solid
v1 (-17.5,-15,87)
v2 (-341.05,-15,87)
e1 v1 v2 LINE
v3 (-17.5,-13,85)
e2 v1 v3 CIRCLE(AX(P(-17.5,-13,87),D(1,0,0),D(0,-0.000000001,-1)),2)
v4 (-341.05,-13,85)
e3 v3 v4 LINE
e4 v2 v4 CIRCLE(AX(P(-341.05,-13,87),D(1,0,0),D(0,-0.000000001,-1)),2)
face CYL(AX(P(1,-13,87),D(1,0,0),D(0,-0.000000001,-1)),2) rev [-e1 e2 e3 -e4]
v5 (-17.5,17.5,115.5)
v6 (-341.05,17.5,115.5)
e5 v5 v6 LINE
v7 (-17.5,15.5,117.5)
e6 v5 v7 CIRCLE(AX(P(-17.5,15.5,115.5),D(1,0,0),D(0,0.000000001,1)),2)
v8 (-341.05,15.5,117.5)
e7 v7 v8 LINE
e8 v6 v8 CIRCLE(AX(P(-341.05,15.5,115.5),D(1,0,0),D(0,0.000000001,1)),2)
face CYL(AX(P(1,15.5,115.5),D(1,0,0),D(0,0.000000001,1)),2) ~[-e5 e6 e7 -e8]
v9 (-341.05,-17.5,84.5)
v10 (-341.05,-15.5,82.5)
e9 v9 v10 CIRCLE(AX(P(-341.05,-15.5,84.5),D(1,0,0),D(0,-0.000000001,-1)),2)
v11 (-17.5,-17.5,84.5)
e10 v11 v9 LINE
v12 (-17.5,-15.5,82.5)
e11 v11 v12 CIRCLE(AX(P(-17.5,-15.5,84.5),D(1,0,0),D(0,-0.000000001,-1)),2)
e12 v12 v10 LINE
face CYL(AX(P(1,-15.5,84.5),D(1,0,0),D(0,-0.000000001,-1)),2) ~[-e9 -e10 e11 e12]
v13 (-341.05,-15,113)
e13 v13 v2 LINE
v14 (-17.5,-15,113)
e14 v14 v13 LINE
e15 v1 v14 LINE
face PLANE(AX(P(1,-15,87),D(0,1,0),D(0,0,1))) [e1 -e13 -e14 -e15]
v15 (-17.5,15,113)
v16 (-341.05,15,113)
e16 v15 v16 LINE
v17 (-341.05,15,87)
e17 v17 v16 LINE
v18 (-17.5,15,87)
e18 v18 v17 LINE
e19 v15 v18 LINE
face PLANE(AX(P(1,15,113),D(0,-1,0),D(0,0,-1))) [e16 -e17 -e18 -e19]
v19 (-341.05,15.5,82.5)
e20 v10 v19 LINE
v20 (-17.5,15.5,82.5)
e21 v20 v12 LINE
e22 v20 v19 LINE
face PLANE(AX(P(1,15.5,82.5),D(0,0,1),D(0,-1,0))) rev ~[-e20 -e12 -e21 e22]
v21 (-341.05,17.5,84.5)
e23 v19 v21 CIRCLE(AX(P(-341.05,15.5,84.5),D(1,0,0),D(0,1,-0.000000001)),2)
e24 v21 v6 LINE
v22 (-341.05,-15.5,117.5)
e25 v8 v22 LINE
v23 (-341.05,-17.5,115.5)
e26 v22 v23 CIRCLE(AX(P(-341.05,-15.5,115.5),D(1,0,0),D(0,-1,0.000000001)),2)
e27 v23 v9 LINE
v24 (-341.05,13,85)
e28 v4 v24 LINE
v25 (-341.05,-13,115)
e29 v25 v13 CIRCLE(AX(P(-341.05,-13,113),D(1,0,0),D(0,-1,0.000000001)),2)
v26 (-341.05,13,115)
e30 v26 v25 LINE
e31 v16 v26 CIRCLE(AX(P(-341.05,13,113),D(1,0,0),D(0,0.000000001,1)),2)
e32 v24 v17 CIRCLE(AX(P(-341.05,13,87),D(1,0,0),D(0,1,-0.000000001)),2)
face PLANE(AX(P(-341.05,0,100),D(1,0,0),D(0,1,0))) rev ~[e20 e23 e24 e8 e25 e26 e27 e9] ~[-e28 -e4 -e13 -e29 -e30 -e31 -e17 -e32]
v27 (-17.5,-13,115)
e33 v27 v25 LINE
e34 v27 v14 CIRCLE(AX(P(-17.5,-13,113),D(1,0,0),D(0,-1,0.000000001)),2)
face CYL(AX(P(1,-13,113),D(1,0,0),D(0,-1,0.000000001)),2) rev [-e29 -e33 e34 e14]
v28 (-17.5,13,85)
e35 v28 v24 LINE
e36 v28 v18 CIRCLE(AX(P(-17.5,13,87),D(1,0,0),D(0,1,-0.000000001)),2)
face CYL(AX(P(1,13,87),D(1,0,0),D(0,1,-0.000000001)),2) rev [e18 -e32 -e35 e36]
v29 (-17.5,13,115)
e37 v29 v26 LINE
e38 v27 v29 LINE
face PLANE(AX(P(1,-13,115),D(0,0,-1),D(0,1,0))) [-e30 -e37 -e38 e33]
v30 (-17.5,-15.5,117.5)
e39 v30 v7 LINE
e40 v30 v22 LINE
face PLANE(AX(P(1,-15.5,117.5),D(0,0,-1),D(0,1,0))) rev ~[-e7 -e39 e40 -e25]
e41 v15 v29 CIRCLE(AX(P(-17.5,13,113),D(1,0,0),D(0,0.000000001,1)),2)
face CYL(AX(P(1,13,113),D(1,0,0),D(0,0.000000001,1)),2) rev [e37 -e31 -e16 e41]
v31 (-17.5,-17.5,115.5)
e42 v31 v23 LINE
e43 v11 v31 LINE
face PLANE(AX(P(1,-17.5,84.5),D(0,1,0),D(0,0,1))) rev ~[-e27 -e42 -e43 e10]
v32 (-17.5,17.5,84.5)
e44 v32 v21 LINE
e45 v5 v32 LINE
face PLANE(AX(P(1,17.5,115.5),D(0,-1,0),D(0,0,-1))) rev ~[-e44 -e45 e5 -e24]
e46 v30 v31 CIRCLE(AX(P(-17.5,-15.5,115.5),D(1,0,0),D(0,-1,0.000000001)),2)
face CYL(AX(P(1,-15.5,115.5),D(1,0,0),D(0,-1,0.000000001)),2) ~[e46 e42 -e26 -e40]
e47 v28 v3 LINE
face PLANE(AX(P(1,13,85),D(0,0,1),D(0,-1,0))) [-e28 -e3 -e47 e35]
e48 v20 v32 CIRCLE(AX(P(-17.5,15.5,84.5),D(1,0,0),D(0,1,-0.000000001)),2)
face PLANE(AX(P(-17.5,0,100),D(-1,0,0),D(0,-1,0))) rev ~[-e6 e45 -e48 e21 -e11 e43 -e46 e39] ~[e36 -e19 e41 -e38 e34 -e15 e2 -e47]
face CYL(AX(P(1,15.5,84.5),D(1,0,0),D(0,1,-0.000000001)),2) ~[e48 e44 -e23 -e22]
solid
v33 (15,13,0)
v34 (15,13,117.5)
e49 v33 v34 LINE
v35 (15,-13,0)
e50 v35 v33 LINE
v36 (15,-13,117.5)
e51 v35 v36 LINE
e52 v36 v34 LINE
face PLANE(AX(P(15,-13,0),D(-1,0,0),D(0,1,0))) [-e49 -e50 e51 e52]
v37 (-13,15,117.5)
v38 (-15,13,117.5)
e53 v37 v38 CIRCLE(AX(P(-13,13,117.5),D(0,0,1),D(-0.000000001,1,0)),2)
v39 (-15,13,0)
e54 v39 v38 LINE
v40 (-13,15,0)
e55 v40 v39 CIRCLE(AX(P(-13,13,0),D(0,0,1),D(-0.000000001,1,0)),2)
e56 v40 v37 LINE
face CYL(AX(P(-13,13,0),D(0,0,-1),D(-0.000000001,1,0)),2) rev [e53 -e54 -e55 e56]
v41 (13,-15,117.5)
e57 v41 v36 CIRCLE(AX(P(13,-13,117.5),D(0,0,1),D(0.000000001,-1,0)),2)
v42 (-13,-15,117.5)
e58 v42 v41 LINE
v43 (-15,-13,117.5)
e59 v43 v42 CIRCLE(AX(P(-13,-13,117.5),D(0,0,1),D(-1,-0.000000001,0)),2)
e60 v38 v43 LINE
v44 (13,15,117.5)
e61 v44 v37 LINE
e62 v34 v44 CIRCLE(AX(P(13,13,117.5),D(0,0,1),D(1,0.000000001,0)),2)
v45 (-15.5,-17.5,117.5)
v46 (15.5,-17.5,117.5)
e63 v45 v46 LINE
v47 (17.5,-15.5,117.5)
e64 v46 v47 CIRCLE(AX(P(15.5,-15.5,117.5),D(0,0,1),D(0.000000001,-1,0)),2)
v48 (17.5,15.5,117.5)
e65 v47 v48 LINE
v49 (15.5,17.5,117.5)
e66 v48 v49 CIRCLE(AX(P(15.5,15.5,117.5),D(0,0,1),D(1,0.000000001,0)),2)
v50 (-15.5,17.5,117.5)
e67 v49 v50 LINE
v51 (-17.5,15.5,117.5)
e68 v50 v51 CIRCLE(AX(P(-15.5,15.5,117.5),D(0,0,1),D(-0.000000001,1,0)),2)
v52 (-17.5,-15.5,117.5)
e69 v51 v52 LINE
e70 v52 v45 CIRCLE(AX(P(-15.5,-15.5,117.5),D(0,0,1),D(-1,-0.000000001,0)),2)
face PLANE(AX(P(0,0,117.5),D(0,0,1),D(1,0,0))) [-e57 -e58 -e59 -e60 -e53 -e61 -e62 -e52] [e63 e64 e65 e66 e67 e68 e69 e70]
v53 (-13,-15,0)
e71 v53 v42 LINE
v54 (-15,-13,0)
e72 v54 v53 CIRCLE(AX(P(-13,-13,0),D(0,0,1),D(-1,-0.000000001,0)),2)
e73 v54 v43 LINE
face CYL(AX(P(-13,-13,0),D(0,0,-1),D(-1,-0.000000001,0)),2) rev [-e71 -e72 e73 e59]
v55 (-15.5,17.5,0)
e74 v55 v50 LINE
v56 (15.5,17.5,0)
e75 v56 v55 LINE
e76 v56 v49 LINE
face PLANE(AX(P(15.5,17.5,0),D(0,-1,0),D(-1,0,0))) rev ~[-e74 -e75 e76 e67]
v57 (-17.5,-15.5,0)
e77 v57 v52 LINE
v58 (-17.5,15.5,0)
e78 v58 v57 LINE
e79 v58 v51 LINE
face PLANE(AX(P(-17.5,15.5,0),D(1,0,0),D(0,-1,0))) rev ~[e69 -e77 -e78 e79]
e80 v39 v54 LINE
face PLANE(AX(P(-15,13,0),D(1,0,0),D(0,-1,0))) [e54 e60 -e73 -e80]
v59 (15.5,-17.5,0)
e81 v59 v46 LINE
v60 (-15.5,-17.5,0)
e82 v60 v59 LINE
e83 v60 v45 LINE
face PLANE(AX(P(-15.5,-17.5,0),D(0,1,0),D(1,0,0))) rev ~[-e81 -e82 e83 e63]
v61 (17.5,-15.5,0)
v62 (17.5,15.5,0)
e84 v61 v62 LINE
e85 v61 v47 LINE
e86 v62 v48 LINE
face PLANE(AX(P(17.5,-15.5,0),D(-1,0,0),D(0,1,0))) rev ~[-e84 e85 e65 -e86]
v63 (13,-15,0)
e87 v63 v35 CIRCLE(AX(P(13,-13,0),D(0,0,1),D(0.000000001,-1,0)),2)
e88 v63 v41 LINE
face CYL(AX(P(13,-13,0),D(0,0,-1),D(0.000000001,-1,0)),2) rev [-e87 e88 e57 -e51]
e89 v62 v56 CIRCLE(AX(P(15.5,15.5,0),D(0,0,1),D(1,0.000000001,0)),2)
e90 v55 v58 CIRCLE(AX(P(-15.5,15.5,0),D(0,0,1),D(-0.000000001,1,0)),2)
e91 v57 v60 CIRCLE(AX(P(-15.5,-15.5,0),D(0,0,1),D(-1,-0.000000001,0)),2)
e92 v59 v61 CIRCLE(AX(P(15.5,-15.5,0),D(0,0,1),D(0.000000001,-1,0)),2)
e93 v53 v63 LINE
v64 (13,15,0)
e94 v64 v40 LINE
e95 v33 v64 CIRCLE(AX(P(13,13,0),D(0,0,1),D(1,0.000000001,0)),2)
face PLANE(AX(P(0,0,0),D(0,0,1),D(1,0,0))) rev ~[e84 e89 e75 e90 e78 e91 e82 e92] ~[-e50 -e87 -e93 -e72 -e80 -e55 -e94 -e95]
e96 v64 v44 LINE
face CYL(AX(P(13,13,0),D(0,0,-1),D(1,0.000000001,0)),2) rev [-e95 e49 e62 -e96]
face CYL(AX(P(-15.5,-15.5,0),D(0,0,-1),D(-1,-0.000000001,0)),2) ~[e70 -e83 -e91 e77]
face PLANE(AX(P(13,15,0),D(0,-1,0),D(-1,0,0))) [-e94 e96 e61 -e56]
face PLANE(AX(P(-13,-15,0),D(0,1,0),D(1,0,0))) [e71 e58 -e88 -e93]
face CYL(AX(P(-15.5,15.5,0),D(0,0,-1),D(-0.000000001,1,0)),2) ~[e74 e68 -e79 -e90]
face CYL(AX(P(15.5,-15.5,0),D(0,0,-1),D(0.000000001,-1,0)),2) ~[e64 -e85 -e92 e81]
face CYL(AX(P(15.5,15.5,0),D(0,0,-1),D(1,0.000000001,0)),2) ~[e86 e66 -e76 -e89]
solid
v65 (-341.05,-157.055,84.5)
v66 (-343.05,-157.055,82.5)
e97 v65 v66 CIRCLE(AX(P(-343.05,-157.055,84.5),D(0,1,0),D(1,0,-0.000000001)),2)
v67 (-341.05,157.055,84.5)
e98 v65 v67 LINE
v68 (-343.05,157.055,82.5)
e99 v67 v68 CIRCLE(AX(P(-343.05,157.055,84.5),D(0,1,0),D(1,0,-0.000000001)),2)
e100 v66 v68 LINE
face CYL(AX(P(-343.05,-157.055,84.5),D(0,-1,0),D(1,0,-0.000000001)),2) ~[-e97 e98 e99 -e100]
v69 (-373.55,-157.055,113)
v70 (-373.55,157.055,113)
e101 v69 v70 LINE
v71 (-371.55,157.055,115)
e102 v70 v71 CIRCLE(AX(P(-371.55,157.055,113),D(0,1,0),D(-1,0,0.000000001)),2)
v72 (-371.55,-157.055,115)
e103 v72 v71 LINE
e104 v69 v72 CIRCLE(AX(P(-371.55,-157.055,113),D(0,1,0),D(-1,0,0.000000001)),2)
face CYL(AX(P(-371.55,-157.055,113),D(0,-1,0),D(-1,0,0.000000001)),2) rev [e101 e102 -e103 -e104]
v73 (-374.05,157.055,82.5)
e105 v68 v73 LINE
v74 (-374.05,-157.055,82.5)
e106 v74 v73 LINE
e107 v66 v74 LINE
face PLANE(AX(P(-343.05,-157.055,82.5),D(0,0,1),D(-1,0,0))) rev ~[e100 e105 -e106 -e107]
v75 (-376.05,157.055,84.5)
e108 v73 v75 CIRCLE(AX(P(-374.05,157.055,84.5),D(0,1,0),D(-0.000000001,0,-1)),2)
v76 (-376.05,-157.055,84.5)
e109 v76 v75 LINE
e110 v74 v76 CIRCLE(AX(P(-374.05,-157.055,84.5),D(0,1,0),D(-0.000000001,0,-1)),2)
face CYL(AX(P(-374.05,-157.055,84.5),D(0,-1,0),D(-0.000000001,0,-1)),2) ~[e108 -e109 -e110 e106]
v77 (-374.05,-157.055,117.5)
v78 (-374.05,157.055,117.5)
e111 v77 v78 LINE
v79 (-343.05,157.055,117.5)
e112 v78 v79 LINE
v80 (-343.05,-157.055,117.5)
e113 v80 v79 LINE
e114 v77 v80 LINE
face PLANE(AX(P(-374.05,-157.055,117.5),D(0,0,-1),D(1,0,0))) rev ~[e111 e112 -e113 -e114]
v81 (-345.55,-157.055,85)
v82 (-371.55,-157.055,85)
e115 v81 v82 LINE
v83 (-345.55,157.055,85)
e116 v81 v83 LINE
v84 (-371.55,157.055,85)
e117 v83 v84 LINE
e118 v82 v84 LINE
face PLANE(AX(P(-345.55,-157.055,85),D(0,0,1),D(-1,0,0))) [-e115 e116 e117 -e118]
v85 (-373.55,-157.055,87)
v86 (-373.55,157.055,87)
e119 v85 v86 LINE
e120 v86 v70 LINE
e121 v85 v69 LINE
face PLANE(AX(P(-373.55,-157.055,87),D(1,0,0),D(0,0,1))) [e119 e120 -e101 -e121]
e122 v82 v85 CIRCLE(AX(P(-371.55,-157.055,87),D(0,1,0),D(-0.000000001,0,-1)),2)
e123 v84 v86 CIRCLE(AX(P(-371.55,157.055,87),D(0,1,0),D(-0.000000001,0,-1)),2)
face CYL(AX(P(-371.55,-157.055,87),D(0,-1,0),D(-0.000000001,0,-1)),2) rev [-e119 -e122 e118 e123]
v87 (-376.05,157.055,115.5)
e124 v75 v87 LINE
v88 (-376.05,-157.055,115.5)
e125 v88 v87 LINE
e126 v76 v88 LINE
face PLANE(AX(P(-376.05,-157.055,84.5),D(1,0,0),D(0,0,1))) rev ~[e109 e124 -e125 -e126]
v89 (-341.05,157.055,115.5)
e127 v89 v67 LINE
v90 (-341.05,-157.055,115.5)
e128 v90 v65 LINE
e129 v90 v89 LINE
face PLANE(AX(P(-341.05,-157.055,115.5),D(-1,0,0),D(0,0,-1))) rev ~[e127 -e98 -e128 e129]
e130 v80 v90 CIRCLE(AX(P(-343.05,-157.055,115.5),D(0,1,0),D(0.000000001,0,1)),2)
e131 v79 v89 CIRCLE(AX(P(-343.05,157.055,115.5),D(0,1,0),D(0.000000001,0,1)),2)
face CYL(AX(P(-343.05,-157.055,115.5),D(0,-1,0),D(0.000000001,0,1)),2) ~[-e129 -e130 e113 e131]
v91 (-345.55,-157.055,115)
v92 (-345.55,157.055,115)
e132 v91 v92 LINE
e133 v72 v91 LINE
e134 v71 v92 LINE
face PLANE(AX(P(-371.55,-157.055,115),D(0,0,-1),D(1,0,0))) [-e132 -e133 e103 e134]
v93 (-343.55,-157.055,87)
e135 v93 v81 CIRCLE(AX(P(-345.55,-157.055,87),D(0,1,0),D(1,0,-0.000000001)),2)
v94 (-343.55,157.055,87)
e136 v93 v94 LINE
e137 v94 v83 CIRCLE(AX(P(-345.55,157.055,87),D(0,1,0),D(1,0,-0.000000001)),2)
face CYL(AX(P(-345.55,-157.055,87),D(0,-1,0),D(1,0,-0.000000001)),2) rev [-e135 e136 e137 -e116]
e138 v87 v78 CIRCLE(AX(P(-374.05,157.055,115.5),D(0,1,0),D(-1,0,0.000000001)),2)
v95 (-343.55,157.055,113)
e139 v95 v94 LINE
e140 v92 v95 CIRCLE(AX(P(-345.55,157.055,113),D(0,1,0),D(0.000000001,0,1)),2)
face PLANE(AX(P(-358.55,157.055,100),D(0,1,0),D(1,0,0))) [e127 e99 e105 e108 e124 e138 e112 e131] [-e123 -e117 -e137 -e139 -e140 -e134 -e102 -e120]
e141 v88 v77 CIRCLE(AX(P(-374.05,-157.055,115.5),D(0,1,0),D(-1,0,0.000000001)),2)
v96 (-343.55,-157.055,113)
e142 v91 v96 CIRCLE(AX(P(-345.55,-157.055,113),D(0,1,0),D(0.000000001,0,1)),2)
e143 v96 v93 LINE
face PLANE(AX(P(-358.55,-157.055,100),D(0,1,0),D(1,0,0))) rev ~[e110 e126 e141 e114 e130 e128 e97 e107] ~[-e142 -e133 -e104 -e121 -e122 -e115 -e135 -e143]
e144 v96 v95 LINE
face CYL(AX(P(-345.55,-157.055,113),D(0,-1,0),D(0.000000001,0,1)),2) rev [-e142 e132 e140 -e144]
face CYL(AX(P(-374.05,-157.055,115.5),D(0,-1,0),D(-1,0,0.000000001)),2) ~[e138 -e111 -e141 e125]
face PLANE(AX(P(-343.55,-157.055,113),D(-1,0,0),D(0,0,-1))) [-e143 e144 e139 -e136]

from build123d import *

# Parameters (mm, degrees)
CUSTOM_TUBE_CARRE_35_2_5_1_DEPTH   = 117.5
CUSTOM_TUBE_CARRE_35_2_5_1_2_DEPTH = 360.55
CUSTOM_TUBE_CARRE_35_2_5_1_3_DEPTH = 314.11


with BuildPart() as part:
    # Esquisse1 → Custom TUBE-CARRE-35-2.5(1) (new body)
    with BuildSketch(Plane.XY):
        with BuildLine():
            Line((-15.5, -17.5), (15.5, -17.5))
            ThreePointArc((15.5, -17.5), (16.914213562, -16.914213562), (17.5, -15.5))
            Line((17.5, -15.5), (17.5, 15.5))
            ThreePointArc((17.5, 15.5), (16.914213562, 16.914213562), (15.5, 17.5))
            Line((15.5, 17.5), (-15.5, 17.5))
            ThreePointArc((-15.5, 17.5), (-16.914213562, 16.914213562), (-17.5, 15.5))
            Line((-17.5, 15.5), (-17.5, -15.5))
            ThreePointArc((-17.5, -15.5), (-16.914213562, -16.914213562), (-15.5, -17.5))
        make_face()
        with BuildLine():
            Line((-13, -15), (13, -15))
            ThreePointArc((13, -15), (14.414213562, -14.414213562), (15, -13))
            Line((15, -13), (15, 13))
            ThreePointArc((15, 13), (14.414213562, 14.414213562), (13, 15))
            Line((13, 15), (-13, 15))
            ThreePointArc((-13, 15), (-14.414213562, 14.414213562), (-15, 13))
            Line((-15, 13), (-15, -13))
            ThreePointArc((-15, -13), (-14.414213562, -14.414213562), (-13, -15))
        make_face(mode=Mode.SUBTRACT)
    extrude(amount=CUSTOM_TUBE_CARRE_35_2_5_1_DEPTH)


with BuildPart() as body_2:
    # Esquisse1 on segment 2 (carried to segment 2) → Custom TUBE-CARRE-35-2.5_1 2 (new body)
    with BuildSketch(Plane(origin=(1, 0, 100), x_dir=(0, 0, 1), z_dir=(-1, 0, 0))):
        with BuildLine():
            Line((-15.5, -17.5), (15.5, -17.5))
            ThreePointArc((15.5, -17.5), (16.914213562, -16.914213562), (17.5, -15.5))
            Line((17.5, -15.5), (17.5, 15.5))
            ThreePointArc((17.5, 15.5), (16.914213562, 16.914213562), (15.5, 17.5))
            Line((15.5, 17.5), (-15.5, 17.5))
            ThreePointArc((-15.5, 17.5), (-16.914213562, 16.914213562), (-17.5, 15.5))
            Line((-17.5, 15.5), (-17.5, -15.5))
            ThreePointArc((-17.5, -15.5), (-16.914213562, -16.914213562), (-15.5, -17.5))
        make_face()
        with BuildLine():
            Line((-13, -15), (13, -15))
            ThreePointArc((13, -15), (14.414213562, -14.414213562), (15, -13))
            Line((15, -13), (15, 13))
            ThreePointArc((15, 13), (14.414213562, 14.414213562), (13, 15))
            Line((13, 15), (-13, 15))
            ThreePointArc((-13, 15), (-14.414213562, 14.414213562), (-15, 13))
            Line((-15, 13), (-15, -13))
            ThreePointArc((-15, -13), (-14.414213562, -14.414213562), (-13, -15))
        make_face(mode=Mode.SUBTRACT)
    extrude(amount=CUSTOM_TUBE_CARRE_35_2_5_1_2_DEPTH)

    # Custom TUBE-CARRE-35-2.5_1 2 end butt 1
    split(bisect_by=Plane(origin=(-17.5, 0, 100), x_dir=(0, -1, 0), z_dir=(-1, 0, 0)), keep=Keep.TOP)

    # Custom TUBE-CARRE-35-2.5_1 2 end butt 2
    split(bisect_by=Plane(origin=(-341.05, 0, 100), x_dir=(0, 1, 0), z_dir=(1, 0, 0)), keep=Keep.TOP)


with BuildPart() as body_3:
    # Esquisse1 on segment 3 (carried to segment 3) → Custom TUBE-CARRE-35-2.5_1 3 (new body)
    with BuildSketch(Plane(origin=(-358.55, -157.055, 100), x_dir=(1, 0, 0), z_dir=(0, 1, 0))):
        with BuildLine():
            Line((-15.5, -17.5), (15.5, -17.5))
            ThreePointArc((15.5, -17.5), (16.914213562, -16.914213562), (17.5, -15.5))
            Line((17.5, -15.5), (17.5, 15.5))
            ThreePointArc((17.5, 15.5), (16.914213562, 16.914213562), (15.5, 17.5))
            Line((15.5, 17.5), (-15.5, 17.5))
            ThreePointArc((-15.5, 17.5), (-16.914213562, 16.914213562), (-17.5, 15.5))
            Line((-17.5, 15.5), (-17.5, -15.5))
            ThreePointArc((-17.5, -15.5), (-16.914213562, -16.914213562), (-15.5, -17.5))
        make_face()
        with BuildLine():
            Line((-13, -15), (13, -15))
            ThreePointArc((13, -15), (14.414213562, -14.414213562), (15, -13))
            Line((15, -13), (15, 13))
            ThreePointArc((15, 13), (14.414213562, 14.414213562), (13, 15))
            Line((13, 15), (-13, 15))
            ThreePointArc((-13, 15), (-14.414213562, 14.414213562), (-15, 13))
            Line((-15, 13), (-15, -13))
            ThreePointArc((-15, -13), (-14.414213562, -14.414213562), (-13, -15))
        make_face(mode=Mode.SUBTRACT)
    extrude(amount=CUSTOM_TUBE_CARRE_35_2_5_1_3_DEPTH)


solid = Compound([part.part, body_2.part, body_3.part])
